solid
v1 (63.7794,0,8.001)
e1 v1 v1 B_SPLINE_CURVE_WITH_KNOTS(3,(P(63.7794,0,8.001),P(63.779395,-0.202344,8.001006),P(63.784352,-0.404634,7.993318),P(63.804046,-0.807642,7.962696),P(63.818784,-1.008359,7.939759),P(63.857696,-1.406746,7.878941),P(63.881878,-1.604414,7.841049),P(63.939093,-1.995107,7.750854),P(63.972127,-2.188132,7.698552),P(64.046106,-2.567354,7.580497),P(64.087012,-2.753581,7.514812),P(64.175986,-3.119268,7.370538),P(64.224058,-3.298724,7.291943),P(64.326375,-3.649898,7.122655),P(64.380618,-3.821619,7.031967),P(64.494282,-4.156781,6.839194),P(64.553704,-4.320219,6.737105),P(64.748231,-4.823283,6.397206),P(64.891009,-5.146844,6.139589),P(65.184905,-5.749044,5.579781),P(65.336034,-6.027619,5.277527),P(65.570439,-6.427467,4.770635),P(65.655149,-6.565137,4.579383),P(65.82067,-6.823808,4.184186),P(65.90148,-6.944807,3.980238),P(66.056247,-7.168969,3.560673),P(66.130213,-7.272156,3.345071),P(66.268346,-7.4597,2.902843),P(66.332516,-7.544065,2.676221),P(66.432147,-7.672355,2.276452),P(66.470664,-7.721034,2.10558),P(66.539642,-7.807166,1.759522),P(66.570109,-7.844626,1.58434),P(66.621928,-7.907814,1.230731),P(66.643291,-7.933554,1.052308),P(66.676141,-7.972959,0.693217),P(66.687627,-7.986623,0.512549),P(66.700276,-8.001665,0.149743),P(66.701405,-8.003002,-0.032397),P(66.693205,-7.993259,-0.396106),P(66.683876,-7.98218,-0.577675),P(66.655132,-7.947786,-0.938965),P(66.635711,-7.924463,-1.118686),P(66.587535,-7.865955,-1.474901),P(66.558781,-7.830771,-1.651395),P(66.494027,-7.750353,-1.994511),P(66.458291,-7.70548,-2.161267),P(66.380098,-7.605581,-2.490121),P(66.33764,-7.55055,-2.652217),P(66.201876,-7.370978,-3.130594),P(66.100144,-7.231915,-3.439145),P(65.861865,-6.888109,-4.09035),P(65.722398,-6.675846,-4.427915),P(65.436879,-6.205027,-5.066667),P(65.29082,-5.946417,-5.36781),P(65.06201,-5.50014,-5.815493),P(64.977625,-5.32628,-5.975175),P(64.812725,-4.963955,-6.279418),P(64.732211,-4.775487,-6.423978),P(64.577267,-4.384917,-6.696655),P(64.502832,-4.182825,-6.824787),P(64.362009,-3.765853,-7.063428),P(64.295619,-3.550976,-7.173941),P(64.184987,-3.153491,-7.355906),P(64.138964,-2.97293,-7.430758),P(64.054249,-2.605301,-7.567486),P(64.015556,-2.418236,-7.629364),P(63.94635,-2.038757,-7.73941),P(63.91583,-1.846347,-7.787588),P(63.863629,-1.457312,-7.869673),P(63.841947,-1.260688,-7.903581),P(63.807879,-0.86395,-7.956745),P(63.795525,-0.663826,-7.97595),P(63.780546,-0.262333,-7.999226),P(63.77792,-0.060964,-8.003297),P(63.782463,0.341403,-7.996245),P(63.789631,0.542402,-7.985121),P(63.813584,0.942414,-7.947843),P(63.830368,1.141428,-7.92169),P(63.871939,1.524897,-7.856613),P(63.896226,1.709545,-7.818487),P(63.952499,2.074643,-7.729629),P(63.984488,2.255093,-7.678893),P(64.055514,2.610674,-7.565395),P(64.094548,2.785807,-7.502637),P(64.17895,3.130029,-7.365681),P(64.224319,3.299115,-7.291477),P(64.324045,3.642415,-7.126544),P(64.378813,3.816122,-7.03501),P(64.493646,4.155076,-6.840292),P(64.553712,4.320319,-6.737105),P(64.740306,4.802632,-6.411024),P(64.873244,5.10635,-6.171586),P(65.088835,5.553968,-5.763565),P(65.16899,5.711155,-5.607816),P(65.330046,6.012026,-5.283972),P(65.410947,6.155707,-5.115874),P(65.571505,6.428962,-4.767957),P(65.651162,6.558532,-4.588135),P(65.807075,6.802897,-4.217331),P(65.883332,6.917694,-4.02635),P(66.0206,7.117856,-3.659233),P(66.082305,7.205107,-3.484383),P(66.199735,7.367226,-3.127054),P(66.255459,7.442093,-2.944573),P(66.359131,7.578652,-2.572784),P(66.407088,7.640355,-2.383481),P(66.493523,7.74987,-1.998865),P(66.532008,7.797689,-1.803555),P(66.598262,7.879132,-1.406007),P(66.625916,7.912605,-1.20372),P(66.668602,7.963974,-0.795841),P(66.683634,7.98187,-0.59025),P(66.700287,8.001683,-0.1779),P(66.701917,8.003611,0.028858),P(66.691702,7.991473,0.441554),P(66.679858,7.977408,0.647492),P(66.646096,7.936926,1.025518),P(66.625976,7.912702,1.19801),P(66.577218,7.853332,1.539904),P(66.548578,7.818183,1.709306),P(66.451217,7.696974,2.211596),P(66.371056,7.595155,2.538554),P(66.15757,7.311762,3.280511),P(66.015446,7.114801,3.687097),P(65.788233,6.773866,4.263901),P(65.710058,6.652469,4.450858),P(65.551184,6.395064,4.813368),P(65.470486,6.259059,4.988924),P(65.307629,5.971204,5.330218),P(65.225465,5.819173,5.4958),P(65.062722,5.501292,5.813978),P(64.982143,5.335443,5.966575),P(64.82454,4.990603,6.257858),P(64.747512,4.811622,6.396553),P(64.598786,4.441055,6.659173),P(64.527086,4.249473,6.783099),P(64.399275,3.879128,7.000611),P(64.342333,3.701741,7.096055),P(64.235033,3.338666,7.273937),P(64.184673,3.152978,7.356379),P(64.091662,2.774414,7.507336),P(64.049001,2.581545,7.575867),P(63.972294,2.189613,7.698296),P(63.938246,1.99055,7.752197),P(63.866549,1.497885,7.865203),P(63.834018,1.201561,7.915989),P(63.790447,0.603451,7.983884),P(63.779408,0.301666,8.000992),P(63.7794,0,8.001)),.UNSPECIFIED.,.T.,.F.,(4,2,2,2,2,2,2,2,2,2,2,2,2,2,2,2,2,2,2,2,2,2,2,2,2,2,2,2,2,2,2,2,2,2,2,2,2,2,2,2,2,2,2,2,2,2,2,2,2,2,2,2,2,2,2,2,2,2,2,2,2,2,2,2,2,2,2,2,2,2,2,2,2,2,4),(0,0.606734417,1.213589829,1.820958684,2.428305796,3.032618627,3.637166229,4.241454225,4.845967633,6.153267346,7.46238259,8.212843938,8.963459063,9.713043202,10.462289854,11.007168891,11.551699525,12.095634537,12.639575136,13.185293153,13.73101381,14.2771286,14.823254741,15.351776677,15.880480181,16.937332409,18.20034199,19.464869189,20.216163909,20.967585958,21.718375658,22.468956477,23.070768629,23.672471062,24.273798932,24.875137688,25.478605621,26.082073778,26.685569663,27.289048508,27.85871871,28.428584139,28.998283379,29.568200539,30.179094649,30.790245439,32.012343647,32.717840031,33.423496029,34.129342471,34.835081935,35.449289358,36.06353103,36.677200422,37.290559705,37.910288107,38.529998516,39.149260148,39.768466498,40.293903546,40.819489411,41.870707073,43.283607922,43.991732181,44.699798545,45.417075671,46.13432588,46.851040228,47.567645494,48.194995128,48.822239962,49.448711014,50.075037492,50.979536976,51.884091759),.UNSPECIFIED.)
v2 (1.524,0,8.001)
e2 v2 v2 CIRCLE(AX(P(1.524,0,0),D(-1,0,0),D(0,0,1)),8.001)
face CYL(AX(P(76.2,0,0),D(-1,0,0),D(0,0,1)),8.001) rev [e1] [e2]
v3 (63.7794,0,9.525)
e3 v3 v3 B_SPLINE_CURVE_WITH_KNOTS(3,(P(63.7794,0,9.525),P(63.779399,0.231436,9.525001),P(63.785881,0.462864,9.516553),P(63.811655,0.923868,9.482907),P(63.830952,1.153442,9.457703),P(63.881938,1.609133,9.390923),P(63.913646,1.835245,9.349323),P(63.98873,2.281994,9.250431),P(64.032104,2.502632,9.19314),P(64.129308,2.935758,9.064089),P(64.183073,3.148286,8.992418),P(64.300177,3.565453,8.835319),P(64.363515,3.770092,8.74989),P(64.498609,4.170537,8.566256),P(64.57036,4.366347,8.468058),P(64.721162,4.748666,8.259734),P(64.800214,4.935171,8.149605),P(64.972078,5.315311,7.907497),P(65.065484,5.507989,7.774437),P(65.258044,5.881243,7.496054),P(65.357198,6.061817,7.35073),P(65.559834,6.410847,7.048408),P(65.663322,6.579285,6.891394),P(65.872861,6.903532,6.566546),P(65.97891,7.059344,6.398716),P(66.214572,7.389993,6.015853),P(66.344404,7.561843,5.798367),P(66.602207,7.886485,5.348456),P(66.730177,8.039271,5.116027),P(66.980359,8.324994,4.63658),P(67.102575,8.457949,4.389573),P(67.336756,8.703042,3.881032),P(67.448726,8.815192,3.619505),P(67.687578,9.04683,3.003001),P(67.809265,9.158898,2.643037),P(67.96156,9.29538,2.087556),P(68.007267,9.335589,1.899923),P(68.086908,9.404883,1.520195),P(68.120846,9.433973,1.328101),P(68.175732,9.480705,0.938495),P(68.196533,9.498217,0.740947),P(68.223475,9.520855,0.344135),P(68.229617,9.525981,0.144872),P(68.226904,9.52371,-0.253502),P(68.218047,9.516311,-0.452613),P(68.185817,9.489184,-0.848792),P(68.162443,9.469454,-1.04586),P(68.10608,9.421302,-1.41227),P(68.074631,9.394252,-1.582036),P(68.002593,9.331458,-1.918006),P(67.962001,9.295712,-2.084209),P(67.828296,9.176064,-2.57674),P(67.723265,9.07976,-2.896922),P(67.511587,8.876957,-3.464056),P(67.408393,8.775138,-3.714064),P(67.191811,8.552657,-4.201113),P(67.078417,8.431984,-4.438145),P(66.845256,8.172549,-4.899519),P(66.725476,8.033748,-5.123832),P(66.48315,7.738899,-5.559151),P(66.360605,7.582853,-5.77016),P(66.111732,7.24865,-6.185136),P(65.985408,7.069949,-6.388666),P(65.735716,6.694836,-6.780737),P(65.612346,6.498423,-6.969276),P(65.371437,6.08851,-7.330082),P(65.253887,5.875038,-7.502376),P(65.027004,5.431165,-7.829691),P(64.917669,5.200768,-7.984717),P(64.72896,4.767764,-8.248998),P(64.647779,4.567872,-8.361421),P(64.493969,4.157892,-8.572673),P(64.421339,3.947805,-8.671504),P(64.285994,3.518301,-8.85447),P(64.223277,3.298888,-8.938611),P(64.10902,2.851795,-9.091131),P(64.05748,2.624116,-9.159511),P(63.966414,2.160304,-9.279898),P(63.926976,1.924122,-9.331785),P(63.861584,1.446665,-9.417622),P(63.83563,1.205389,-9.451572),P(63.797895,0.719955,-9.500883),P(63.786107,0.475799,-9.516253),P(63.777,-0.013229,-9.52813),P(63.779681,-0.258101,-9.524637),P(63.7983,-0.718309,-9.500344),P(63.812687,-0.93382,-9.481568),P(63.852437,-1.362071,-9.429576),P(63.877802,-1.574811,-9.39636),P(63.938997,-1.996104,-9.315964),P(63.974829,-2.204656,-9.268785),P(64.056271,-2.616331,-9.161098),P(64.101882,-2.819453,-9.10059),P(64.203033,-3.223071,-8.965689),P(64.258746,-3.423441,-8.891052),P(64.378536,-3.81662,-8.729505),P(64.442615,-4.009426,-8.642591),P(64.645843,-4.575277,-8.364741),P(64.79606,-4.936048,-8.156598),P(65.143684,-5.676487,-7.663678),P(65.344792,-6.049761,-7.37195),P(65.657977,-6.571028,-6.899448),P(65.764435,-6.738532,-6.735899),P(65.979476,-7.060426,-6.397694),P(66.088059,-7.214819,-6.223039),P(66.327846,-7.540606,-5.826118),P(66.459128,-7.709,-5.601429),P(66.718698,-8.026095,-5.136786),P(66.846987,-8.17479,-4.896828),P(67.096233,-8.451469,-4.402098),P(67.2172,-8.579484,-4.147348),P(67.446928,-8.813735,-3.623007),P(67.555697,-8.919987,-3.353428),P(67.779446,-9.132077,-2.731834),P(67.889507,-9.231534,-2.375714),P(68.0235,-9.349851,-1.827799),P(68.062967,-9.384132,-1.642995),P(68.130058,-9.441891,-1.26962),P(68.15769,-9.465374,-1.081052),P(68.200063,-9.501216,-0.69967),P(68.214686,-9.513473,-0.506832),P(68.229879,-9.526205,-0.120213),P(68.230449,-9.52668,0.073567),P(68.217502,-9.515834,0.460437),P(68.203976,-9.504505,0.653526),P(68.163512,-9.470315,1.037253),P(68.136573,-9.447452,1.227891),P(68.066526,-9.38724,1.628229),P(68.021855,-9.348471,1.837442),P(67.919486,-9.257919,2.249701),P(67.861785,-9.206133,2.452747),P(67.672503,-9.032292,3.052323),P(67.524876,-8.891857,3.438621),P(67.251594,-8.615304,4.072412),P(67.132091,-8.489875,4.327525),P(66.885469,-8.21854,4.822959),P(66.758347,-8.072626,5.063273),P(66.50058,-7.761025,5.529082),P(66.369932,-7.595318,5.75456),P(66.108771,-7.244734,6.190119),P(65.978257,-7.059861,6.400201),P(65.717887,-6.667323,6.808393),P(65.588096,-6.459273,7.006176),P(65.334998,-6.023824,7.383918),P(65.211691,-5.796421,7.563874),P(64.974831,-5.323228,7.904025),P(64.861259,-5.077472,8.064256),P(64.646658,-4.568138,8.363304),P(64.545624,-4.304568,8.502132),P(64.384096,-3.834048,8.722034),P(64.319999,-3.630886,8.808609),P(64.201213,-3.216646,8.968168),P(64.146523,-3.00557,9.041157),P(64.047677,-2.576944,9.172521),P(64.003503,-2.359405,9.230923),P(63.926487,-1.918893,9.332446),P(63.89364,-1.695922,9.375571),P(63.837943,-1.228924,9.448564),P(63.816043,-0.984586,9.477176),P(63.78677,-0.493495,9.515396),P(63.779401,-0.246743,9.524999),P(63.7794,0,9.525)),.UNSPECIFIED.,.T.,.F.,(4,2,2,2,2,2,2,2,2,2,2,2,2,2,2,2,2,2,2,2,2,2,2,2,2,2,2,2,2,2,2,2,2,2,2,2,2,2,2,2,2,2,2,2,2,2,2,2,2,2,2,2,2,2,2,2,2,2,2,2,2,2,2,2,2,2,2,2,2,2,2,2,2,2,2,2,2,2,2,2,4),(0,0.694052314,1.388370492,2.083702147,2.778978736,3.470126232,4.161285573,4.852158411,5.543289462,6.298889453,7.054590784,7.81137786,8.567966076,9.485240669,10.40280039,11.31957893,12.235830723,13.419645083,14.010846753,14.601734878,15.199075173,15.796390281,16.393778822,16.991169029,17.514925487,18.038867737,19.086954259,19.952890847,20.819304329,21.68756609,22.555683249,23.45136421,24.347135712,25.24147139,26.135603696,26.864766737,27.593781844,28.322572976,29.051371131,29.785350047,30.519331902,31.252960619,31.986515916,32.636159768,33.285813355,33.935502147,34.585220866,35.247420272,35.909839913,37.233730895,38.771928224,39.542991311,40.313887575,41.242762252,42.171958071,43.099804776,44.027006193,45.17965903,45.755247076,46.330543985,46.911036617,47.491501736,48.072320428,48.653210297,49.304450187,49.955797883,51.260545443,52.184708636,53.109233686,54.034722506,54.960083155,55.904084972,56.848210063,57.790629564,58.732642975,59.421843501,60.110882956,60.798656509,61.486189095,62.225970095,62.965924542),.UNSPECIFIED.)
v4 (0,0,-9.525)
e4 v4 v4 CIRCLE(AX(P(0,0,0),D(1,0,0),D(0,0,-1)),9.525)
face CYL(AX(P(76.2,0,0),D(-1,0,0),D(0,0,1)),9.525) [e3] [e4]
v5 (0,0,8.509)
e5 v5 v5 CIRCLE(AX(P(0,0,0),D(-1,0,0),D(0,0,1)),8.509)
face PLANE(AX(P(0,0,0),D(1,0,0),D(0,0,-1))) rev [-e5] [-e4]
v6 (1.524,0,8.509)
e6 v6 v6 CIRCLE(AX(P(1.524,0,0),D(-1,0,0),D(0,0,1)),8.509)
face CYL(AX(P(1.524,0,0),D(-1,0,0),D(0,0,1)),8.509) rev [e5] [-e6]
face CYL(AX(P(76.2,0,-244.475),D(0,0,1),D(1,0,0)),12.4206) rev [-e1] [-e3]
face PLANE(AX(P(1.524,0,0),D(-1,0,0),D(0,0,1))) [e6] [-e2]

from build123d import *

# Parameters (mm, degrees)
SKETCH1_R           = 9.525
BOSS_EXTRUDE1_DEPTH = 76.2
SKETCH3_R           = 8.509
CUT_EXTRUDE1_DEPTH  = 1.524
SKETCH4_R           = 8.001
CUT_EXTRUDE2_DEPTH  = 75.676
SKETCH5_R           = 12.4206
CUT_EXTRUDE3_DEPTH  = 254


with BuildPart() as part:
    # Sketch1 → Boss-Extrude1 (new body)
    with BuildSketch(Plane(origin=(0, 0, 0), x_dir=(0, 0, -1), z_dir=(1, 0, 0))):
        Circle(SKETCH1_R)
    extrude(amount=BOSS_EXTRUDE1_DEPTH)

    # Sketch3 → Cut-Extrude1 (cut)
    with BuildSketch(Plane.ZY):
        Circle(SKETCH3_R)
    extrude(amount=-CUT_EXTRUDE1_DEPTH, mode=Mode.SUBTRACT)

    # Sketch4 → Cut-Extrude2 (cut, through all)
    with BuildSketch(Plane.ZY.offset(-1.524)):
        Circle(SKETCH4_R)
    extrude(amount=-CUT_EXTRUDE2_DEPTH, mode=Mode.SUBTRACT)

    # Sketch5 → Cut-Extrude3 (cut)
    with BuildSketch(Plane.XY.offset(9.525)):
        with Locations((76.2, 0)):
            Circle(SKETCH5_R)
    extrude(amount=-CUT_EXTRUDE3_DEPTH, mode=Mode.SUBTRACT)


solid = part.part
